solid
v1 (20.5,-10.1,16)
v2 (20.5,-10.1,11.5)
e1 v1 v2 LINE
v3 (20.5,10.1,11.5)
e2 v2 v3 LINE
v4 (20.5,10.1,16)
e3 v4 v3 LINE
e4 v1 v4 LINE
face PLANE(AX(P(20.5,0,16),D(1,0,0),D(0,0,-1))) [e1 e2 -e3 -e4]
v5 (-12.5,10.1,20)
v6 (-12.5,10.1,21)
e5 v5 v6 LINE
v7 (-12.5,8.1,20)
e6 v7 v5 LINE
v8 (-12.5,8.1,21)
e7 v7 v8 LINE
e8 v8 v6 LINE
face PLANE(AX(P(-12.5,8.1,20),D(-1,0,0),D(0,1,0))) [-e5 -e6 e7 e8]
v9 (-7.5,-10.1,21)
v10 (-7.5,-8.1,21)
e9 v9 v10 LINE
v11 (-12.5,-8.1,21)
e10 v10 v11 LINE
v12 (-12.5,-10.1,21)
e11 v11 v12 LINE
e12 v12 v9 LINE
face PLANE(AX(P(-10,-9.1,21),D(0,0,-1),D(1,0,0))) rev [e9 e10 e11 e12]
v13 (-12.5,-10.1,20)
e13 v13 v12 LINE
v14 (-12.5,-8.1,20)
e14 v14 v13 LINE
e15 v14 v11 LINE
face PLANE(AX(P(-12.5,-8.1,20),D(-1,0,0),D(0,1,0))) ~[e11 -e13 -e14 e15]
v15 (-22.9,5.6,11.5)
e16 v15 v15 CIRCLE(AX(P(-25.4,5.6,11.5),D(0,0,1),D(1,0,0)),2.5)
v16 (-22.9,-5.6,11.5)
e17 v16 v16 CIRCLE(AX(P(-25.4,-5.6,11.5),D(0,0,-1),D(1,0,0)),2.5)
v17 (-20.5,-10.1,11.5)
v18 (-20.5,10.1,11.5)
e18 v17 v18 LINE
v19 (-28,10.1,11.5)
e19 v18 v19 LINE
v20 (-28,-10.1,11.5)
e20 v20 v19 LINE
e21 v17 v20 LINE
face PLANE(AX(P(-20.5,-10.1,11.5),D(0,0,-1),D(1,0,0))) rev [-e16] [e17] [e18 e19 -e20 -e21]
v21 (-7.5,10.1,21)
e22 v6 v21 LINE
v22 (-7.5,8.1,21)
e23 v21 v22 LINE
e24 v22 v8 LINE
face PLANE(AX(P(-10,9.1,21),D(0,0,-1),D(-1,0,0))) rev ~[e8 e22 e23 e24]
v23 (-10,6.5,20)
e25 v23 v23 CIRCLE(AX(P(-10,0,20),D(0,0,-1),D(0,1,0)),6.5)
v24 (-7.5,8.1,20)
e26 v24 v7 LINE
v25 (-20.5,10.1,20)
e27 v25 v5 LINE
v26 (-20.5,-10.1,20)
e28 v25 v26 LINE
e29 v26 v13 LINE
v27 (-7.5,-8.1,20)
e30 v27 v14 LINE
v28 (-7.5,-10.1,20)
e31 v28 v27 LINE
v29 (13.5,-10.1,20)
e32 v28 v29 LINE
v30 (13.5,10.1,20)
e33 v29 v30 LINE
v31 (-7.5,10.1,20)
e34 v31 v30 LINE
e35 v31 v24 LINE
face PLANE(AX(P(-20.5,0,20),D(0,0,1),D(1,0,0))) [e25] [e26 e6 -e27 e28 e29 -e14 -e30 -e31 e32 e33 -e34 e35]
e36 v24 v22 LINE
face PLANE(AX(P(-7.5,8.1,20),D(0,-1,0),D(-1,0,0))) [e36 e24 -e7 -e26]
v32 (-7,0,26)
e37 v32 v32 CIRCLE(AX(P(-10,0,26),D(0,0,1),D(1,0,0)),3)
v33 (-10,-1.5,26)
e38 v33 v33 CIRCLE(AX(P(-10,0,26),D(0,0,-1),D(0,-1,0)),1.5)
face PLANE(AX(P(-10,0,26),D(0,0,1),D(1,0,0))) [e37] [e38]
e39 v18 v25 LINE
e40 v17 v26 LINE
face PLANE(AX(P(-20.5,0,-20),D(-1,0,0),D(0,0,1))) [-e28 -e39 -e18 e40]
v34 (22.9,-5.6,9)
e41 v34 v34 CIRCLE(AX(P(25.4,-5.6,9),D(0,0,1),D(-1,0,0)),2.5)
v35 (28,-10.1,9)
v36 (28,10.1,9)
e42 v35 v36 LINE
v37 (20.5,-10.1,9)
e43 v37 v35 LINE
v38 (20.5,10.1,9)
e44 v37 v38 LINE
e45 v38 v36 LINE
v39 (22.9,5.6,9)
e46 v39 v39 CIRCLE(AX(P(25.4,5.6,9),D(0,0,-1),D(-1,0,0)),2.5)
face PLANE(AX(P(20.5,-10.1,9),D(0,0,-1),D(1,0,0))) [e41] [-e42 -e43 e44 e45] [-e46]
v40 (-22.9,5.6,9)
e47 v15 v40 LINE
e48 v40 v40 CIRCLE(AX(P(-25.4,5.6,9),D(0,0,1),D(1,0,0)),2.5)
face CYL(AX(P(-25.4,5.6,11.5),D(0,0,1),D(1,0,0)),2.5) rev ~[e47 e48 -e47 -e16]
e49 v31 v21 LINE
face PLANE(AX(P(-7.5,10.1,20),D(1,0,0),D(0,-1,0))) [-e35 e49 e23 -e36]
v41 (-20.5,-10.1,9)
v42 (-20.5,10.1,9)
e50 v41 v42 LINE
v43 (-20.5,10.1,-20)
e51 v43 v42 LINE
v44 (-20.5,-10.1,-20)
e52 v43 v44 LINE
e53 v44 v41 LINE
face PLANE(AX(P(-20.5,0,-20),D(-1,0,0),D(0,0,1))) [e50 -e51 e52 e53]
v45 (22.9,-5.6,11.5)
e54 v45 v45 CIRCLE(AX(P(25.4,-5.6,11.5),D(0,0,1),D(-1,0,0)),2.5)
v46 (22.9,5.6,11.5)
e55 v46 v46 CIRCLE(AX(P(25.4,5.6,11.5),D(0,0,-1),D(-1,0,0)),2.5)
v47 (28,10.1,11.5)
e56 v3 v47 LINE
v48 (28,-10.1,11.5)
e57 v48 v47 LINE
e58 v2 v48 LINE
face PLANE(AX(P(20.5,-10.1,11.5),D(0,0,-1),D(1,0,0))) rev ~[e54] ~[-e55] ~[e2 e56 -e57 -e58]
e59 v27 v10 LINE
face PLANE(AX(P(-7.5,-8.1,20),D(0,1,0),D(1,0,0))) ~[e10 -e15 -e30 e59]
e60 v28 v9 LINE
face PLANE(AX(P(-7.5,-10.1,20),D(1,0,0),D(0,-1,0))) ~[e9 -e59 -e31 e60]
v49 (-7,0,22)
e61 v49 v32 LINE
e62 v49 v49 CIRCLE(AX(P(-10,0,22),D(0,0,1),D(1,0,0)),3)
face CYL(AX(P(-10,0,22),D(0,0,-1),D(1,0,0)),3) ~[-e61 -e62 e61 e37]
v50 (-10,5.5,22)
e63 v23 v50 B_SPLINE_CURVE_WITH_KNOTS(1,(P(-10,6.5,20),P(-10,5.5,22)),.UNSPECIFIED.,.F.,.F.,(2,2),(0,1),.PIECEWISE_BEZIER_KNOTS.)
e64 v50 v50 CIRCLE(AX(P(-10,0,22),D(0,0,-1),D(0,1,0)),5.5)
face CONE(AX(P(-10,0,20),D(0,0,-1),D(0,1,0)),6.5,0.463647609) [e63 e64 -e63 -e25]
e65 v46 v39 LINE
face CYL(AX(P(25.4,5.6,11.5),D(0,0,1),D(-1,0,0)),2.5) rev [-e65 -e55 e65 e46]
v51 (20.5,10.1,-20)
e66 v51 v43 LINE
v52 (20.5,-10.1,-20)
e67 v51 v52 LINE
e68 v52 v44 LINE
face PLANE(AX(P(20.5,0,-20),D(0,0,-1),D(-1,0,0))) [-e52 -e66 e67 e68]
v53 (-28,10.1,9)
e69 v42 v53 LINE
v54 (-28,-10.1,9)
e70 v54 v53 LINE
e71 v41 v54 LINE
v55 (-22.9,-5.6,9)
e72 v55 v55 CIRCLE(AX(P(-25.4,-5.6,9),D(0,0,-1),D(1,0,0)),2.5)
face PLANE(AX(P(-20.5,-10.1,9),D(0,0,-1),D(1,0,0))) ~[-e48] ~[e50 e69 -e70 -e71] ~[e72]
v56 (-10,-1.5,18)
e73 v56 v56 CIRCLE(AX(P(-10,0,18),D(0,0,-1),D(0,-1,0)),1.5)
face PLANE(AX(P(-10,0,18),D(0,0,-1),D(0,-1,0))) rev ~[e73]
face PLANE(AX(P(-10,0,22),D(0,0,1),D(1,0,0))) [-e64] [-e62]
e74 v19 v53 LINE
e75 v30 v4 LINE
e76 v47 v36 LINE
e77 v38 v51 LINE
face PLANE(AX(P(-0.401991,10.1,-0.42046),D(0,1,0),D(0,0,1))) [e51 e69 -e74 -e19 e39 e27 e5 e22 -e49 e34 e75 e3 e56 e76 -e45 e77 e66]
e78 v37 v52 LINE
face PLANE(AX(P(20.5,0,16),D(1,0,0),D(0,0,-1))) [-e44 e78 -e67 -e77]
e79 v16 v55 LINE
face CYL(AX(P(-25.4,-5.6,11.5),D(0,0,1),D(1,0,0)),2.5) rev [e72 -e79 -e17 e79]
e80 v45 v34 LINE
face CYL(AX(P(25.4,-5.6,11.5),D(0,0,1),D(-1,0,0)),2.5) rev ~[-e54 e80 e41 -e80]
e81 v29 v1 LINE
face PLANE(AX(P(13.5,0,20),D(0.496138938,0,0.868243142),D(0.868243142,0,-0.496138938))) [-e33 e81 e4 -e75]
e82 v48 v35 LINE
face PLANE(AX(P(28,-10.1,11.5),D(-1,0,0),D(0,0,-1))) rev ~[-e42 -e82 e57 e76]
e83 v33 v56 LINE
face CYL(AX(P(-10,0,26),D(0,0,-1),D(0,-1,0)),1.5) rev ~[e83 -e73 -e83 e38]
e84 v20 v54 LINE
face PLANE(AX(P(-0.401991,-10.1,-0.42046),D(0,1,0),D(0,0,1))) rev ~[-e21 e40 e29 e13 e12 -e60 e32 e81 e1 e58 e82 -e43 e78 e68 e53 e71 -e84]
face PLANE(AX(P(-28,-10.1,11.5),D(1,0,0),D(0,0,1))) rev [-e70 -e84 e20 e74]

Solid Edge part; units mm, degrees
sketch "Sketch1" plane through (0, 0, 0) normal (0, -1, 0) x (1, 0, 0)
  line L0 (-20.5, 20) -> (13.5, 20)
  line L1 (13.5, 20) -> (20.5, 16)
  line L2 (20.5, 16) -> (20.5, -20)
  line L3 (20.5, -20) -> (-20.5, -20)
  line L4 (-20.5, -20) -> (-20.5, 20)
extrude "Protrusion1" add sketch "Sketch1" along normal mid plane 20.2
sketch "Sketch2" plane through (3.5, -10.1, 0) normal (0, -1, 0) x (1, 0, 0)
  line L0 (17, 11.5) -> (24.5, 11.5)
  line L1 (24.5, 11.5) -> (24.5, 9)
  line L2 (17, 9) -> (24.5, 9)
  line L3 (17, 11.5) -> (17, 9)
extrude "Protrusion2" add sketch "Sketch2" against normal up to vertex (20.2 mm away)
mirror "Mirror1" about plane through (0, 0, 0) normal (1, 0, 0) of "Protrusion2"
sketch "Sketch3" plane through (-3.5, 0, 20) normal (0, 0, 1) x (0, 1, 0)
  circle A0 centre (0, 6.5) radius 6.5
  dimension "D1" = 17
  dimension "D2" = 13
sketch "Sketch4" plane through (-3.5, 0, 22) normal (0, 0, 1) x (1, 0, 0)
  circle A0 centre (-6.5, 0) radius 5.5
loft "LoftedProtrusion1" add profiles "Sketch3", "Sketch4"
sketch "Sketch5" plane through (-13.5, 0, 22) normal (0, 0, 1) x (1, 0, 0)
  circle A0 centre (3.5, 0) radius 3
extrude "ProtrusiónExtruida_4" add sketch "Sketch5" along normal blind 4
sketch "Sketch6" plane through (-27.75, 0, 11.5) normal (0, 0, 1) x (1, 0, 0)
  circle A0 centre (2.35, 5.6) radius 2.5
extrude "Cutout1" cut sketch "Sketch6" against normal up to vertex (2.5 mm away)
mirror "Mirror2" about plane through (0, 0, 0) normal (0, -1, 0) of "Cutout1"
mirror "Mirror3" about plane through (0, 0, 0) normal (1, 0, 0) of "Cutout1", "Mirror2"
sketch "Sketch7" plane through (-3.5, 0, 20) normal (0, 0, 1) x (0, 1, 0)
  line L0 (10.1, 4) -> (8.1, 4)
  line L1 (8.1, 4) -> (8.1, 9)
  line L2 (8.1, 9) -> (10.1, 9)
  line L3 (10.1, 9) -> (10.1, 4)
extrude "ProtrusiónExtruida_5" add sketch "Sketch7" along normal blind 1
mirror "Mirror4" about plane through (0, 0, 0) normal (0, -1, 0) of "ProtrusiónExtruida_5"
hole "Agujero_2" at (-10, 0, 26) direction (0, 0, -1) diameter 3 depth 8
